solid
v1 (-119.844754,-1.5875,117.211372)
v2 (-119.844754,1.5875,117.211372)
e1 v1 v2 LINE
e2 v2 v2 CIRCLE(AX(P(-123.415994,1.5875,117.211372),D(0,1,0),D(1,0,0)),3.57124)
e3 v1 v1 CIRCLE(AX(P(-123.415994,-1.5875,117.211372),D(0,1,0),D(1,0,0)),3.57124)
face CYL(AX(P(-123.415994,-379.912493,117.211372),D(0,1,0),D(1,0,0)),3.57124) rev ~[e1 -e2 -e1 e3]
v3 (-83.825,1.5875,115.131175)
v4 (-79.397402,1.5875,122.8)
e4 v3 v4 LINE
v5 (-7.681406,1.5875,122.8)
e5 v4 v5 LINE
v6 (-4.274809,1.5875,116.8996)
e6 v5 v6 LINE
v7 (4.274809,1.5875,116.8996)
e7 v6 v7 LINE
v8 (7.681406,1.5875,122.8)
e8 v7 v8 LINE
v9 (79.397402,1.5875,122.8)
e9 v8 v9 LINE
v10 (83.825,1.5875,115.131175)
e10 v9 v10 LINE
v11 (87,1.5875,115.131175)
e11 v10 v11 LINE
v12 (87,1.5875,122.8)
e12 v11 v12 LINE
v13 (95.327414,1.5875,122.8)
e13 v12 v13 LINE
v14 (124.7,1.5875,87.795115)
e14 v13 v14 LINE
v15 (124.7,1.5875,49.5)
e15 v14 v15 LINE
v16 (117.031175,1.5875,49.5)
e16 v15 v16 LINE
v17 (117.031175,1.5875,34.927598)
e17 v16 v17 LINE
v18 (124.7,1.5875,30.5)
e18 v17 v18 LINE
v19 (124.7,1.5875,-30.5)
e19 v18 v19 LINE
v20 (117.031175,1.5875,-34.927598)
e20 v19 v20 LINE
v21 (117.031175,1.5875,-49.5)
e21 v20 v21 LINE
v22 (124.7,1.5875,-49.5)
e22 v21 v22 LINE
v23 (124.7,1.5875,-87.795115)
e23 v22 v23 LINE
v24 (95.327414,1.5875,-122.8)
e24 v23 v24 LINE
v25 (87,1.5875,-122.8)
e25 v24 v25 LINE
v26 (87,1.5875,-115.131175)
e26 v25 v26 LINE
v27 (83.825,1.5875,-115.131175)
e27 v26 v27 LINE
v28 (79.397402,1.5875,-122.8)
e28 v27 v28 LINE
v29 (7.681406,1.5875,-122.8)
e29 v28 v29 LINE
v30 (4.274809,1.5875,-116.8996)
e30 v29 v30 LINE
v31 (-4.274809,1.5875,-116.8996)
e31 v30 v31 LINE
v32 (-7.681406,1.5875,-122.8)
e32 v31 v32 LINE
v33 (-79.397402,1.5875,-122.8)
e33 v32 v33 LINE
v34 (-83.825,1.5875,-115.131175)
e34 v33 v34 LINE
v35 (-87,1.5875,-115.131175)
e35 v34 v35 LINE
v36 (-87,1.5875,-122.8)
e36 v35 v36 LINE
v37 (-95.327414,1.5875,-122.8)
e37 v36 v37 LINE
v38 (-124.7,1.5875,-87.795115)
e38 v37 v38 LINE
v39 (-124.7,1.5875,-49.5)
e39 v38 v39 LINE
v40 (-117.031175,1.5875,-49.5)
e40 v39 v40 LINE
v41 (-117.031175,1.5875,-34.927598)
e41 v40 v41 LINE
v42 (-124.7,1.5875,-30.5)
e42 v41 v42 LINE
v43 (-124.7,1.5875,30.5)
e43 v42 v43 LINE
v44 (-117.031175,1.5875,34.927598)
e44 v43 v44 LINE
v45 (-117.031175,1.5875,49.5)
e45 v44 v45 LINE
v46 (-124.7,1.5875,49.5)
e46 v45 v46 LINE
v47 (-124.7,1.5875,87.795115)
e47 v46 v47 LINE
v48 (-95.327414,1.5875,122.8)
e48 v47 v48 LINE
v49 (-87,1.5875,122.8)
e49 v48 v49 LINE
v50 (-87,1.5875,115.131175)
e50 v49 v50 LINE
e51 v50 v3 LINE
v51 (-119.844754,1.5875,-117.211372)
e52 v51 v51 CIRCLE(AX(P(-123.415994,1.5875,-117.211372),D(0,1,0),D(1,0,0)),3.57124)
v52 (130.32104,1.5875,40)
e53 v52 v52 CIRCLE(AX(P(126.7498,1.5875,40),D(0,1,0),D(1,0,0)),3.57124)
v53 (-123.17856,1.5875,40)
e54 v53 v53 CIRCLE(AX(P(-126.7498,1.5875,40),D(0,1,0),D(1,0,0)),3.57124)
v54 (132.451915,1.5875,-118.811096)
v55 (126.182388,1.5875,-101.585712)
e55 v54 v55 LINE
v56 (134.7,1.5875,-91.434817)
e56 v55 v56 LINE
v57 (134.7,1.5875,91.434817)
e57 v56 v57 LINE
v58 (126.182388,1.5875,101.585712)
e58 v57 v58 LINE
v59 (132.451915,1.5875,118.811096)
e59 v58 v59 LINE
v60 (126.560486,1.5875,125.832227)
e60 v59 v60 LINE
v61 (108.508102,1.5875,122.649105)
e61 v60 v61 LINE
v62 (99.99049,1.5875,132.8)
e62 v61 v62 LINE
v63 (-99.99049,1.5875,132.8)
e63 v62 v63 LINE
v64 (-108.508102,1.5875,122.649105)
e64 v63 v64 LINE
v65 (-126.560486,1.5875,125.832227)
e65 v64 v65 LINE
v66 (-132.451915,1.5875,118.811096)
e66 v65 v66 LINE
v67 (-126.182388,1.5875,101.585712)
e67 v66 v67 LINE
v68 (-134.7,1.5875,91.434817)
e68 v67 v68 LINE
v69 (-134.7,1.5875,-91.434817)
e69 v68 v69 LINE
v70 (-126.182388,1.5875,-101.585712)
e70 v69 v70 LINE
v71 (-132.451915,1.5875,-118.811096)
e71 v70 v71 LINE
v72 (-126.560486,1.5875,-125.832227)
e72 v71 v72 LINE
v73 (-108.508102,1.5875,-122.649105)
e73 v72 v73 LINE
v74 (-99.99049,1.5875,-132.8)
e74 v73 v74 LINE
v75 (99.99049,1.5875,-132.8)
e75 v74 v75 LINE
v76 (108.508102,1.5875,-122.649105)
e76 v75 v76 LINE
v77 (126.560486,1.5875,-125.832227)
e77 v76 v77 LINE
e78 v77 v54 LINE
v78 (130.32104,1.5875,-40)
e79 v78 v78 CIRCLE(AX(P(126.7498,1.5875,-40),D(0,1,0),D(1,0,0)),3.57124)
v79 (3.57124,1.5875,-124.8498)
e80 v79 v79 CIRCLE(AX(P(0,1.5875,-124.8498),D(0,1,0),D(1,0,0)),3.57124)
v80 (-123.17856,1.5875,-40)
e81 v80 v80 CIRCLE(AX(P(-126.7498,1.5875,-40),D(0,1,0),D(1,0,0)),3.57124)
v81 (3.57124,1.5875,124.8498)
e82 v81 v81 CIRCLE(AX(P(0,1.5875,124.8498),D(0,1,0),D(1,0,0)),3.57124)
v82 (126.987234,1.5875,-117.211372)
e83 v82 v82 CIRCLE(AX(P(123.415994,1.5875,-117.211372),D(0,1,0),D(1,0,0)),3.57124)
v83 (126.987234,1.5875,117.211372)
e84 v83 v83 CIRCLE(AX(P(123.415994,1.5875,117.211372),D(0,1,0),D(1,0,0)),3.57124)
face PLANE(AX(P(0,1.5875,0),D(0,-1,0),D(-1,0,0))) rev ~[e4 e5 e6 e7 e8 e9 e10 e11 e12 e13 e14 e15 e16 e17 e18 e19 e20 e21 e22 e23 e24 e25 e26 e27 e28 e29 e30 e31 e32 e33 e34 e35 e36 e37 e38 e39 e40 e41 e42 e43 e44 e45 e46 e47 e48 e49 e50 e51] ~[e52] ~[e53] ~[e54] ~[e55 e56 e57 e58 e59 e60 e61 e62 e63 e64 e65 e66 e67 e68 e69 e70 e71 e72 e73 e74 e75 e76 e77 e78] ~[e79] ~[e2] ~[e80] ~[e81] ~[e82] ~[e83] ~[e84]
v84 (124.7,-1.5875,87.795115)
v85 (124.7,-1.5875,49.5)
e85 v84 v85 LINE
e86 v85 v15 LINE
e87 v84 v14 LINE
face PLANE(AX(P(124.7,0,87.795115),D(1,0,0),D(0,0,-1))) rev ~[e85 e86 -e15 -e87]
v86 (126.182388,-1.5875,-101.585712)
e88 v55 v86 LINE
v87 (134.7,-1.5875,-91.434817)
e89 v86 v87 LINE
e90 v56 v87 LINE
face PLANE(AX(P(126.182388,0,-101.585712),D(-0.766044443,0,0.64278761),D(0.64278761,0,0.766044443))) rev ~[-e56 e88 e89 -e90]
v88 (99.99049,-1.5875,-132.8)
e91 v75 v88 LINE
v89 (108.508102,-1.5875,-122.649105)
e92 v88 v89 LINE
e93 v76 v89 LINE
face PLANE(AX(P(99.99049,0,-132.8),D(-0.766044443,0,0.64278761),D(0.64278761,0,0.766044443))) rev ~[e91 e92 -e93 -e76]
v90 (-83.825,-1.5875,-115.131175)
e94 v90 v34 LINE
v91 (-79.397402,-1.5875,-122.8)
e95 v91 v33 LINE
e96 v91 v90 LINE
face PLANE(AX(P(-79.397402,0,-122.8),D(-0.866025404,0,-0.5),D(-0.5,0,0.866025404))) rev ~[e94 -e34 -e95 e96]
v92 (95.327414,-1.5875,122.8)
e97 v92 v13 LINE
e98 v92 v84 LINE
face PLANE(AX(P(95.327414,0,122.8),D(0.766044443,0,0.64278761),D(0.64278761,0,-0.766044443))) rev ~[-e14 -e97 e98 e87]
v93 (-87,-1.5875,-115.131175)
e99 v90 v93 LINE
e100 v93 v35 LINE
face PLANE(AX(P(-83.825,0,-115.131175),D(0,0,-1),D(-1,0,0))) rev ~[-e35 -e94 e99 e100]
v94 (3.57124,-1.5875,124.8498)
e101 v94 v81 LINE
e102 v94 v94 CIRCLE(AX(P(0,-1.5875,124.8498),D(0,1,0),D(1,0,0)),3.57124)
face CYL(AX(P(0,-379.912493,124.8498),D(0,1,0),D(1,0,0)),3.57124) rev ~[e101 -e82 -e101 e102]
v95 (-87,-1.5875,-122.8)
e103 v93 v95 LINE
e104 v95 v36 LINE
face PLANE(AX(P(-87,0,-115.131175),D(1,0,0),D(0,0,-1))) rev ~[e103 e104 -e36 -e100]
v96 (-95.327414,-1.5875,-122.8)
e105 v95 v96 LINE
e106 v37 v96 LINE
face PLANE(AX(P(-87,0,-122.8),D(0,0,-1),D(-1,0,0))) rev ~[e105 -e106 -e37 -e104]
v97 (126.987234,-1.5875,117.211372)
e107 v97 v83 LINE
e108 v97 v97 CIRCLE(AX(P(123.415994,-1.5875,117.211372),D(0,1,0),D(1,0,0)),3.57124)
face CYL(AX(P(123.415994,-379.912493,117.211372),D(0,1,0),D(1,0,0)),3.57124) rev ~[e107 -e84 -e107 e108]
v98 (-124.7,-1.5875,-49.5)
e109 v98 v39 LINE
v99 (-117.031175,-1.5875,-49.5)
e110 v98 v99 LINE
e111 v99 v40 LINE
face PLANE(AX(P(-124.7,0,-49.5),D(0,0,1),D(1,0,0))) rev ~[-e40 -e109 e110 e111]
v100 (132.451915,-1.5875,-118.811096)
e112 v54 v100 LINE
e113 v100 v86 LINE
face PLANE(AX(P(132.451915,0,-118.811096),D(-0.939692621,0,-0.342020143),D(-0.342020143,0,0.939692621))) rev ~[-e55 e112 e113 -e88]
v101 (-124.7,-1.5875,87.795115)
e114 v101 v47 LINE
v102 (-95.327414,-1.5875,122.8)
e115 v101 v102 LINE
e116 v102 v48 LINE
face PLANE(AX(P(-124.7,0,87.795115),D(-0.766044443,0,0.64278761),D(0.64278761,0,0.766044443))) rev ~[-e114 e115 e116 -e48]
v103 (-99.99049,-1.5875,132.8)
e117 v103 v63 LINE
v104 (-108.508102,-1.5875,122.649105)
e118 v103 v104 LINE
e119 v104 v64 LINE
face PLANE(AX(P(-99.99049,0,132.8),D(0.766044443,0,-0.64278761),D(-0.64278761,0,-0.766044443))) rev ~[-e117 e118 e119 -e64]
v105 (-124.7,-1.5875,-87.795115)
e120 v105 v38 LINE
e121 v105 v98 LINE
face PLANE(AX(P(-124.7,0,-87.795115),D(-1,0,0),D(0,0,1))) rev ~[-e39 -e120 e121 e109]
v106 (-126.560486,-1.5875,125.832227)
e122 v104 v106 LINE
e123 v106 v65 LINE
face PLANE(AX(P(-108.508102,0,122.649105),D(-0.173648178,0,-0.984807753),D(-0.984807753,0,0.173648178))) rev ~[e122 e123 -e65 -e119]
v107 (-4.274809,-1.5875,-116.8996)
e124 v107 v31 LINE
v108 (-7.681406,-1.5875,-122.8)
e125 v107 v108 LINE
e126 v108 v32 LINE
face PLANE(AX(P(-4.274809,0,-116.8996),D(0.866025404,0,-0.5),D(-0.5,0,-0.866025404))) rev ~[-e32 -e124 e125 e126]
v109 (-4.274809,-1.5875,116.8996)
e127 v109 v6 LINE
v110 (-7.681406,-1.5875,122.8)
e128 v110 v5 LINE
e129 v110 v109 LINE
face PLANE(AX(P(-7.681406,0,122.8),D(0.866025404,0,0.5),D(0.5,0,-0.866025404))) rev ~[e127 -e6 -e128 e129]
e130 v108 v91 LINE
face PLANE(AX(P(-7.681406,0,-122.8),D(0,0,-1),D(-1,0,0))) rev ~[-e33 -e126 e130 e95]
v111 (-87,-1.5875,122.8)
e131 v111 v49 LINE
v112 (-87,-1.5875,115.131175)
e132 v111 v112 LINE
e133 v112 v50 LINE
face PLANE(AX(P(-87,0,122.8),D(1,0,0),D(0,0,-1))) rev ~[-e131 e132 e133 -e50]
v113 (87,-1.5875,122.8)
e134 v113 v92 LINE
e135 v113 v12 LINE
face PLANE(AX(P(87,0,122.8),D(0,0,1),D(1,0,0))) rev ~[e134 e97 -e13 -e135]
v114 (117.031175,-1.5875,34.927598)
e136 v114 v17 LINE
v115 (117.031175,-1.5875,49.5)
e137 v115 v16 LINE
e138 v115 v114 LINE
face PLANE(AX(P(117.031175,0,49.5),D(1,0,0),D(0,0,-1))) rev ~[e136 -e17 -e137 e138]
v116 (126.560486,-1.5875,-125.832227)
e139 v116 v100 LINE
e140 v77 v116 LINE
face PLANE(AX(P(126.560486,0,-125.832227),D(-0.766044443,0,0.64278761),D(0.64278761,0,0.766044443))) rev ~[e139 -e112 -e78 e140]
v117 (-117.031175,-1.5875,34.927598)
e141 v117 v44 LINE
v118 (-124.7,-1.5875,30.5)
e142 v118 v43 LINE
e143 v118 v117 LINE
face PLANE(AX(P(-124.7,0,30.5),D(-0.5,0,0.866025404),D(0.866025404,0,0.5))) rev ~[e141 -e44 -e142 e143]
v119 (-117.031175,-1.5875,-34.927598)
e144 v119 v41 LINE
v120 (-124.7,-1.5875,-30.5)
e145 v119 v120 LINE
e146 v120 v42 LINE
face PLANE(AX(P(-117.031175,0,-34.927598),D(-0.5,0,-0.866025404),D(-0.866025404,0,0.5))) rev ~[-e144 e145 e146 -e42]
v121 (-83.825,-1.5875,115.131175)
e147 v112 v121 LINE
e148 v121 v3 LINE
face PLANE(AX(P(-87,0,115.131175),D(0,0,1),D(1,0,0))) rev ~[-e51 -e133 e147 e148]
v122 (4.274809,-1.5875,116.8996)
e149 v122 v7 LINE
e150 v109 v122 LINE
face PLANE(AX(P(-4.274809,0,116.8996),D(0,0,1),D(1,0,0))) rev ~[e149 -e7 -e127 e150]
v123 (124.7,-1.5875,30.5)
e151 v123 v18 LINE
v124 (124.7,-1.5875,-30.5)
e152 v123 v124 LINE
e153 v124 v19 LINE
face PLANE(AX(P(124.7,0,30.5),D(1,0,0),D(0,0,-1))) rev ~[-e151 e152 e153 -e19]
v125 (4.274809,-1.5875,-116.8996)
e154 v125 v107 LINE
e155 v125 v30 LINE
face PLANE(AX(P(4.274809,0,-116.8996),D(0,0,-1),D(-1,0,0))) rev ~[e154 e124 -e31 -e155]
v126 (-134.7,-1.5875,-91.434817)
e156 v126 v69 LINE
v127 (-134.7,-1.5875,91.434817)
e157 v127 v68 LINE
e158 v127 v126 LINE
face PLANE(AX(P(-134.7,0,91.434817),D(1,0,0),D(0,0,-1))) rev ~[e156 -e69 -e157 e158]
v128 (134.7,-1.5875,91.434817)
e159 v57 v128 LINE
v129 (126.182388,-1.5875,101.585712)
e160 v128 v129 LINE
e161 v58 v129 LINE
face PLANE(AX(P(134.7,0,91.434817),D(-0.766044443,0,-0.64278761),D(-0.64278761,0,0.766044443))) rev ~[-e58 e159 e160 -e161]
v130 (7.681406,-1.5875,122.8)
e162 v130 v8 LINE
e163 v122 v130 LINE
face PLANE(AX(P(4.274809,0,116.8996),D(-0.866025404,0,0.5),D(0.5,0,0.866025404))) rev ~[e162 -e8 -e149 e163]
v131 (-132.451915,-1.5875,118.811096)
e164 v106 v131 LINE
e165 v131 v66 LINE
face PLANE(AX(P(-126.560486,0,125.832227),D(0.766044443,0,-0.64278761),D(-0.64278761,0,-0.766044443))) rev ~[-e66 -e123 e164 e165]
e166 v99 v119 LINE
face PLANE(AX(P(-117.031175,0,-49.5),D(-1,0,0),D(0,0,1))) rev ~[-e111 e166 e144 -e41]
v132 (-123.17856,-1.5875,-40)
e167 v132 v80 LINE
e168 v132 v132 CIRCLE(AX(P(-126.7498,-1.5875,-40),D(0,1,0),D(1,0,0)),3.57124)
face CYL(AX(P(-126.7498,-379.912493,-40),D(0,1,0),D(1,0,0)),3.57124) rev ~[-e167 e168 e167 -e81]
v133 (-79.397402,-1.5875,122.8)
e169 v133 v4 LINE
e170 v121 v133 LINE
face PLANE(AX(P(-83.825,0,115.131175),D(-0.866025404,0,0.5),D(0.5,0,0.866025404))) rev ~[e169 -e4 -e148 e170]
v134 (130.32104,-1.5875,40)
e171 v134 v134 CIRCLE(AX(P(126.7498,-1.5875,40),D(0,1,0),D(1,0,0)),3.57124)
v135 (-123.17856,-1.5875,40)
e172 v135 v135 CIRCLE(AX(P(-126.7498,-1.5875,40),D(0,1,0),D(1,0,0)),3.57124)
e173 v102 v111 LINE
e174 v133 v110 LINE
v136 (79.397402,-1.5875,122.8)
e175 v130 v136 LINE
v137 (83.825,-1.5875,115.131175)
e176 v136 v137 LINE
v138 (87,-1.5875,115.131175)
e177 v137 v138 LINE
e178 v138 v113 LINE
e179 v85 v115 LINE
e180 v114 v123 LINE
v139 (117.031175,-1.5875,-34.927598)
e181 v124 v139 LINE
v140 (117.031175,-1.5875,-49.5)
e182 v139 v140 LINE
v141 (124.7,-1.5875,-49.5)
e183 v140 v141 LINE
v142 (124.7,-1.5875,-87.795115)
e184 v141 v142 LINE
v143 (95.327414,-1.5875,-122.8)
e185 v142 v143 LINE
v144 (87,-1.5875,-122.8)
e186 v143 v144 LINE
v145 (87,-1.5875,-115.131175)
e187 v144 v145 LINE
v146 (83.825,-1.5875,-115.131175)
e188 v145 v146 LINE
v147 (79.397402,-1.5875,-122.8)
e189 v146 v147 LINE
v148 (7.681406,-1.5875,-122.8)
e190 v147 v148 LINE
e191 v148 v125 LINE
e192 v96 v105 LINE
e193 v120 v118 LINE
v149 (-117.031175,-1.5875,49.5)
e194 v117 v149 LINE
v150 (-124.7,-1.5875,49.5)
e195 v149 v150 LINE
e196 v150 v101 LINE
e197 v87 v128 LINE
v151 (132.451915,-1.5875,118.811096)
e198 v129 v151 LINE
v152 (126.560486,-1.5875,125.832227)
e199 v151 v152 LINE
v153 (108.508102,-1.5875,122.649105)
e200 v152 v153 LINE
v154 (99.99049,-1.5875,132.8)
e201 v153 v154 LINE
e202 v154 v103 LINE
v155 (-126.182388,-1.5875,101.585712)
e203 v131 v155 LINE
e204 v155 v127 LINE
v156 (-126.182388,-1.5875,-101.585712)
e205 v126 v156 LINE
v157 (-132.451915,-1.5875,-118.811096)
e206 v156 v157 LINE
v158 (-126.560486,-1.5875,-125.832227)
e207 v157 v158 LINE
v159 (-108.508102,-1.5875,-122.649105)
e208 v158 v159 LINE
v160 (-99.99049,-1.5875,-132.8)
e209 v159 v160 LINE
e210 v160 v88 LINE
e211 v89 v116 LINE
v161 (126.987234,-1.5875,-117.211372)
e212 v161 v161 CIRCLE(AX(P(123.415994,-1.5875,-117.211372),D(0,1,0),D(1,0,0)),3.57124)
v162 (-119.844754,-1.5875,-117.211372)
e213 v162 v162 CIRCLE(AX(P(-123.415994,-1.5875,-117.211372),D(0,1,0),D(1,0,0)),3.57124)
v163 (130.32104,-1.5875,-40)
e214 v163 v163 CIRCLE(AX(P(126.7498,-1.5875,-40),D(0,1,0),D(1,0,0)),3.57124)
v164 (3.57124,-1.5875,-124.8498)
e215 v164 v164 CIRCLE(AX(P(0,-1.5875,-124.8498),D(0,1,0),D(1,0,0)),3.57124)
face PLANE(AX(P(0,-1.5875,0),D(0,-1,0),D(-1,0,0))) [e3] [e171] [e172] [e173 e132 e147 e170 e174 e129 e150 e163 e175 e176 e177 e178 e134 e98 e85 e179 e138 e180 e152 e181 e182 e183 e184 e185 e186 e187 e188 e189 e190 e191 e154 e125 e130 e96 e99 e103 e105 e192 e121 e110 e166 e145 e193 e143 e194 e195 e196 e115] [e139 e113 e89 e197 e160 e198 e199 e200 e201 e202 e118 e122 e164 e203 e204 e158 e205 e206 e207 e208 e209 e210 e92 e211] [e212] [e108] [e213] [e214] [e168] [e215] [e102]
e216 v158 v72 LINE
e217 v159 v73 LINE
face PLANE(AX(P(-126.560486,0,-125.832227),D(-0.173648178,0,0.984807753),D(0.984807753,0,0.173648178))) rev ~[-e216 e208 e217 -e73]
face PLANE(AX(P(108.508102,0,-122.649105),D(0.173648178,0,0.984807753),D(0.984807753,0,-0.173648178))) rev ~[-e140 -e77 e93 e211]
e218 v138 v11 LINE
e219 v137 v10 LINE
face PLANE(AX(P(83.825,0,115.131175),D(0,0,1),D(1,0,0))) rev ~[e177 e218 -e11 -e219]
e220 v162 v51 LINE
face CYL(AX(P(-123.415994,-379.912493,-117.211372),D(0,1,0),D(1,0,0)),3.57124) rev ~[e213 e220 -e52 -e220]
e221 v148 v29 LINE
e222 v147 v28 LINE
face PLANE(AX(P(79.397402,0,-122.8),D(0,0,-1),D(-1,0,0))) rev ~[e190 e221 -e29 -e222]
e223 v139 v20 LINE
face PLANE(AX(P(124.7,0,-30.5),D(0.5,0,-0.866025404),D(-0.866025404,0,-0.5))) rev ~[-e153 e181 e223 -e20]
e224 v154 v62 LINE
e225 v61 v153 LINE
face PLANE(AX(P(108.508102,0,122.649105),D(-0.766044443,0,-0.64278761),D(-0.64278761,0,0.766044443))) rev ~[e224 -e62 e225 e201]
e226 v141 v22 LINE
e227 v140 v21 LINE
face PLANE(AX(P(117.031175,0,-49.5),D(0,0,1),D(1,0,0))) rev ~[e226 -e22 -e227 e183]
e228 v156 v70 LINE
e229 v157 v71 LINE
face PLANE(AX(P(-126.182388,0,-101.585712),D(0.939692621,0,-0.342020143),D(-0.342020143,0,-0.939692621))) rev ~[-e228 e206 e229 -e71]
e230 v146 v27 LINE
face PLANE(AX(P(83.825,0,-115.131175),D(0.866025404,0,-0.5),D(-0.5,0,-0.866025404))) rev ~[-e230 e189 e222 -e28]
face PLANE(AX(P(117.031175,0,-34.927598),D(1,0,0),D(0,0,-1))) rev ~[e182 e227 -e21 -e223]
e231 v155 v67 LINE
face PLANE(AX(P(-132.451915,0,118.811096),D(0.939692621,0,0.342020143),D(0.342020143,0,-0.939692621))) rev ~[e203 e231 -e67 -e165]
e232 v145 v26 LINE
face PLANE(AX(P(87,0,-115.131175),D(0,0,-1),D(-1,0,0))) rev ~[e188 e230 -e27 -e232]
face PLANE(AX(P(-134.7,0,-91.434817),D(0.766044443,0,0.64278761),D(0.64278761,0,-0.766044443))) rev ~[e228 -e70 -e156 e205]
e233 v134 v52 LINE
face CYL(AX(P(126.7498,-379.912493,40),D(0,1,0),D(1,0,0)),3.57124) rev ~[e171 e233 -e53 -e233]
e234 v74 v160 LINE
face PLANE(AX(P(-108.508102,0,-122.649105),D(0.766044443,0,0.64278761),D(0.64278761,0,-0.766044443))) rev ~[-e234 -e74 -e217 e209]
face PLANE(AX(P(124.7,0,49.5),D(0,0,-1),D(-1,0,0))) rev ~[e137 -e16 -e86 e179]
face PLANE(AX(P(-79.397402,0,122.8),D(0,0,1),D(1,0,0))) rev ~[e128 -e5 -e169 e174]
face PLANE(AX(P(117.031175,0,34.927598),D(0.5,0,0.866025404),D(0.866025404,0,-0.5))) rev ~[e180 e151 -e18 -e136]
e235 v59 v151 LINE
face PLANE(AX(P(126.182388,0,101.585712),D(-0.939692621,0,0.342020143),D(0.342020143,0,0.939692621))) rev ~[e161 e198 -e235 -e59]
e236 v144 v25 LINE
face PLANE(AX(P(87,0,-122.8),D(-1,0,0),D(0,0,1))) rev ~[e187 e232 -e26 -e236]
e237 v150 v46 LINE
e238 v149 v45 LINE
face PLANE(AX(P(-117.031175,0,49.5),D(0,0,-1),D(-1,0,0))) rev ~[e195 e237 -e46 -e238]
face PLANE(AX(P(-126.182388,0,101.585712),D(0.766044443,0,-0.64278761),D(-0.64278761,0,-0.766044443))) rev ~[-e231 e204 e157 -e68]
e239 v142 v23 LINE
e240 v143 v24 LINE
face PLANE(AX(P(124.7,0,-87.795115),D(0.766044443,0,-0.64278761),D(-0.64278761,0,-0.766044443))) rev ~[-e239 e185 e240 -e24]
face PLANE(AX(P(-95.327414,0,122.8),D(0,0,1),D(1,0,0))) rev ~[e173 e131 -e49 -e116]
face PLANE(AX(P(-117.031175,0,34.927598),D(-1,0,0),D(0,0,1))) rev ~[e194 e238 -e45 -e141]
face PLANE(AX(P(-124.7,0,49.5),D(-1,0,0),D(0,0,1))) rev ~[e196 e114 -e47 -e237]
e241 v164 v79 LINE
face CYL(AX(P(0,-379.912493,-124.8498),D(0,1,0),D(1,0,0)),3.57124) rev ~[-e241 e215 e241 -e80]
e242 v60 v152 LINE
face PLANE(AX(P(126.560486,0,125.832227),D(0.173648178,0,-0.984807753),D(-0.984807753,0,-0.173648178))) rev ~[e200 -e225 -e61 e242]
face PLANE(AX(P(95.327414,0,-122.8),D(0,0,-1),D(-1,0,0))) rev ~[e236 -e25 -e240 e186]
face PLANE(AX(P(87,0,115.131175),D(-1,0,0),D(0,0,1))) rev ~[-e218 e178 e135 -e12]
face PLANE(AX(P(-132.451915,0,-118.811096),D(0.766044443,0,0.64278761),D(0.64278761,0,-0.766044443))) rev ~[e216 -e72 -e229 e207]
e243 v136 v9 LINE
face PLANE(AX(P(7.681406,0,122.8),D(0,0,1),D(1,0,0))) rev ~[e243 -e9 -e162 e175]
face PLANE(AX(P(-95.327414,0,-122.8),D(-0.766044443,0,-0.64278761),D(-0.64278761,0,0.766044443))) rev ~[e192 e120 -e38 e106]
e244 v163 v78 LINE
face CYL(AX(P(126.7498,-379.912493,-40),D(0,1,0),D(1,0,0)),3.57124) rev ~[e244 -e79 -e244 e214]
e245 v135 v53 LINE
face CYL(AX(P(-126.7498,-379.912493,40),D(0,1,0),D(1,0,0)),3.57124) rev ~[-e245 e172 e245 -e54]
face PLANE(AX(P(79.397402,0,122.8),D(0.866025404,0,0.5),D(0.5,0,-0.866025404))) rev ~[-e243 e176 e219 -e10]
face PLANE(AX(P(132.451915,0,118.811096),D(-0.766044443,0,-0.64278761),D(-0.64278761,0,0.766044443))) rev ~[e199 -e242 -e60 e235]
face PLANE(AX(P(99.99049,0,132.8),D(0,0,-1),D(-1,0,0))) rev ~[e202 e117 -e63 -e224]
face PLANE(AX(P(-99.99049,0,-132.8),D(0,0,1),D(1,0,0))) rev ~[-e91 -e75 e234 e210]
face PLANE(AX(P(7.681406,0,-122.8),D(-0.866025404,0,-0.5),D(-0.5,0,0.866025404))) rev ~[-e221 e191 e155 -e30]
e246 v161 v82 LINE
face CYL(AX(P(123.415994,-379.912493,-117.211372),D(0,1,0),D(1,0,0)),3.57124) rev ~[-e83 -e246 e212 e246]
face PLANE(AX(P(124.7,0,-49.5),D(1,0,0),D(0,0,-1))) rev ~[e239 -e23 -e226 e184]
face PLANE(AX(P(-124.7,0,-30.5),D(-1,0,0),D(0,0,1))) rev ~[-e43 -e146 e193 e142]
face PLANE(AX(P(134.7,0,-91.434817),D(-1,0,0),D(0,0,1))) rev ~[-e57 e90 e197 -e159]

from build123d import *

# Parameters (mm, degrees)
BOSS_EXTRUDE1_DEPTH     = 1.5875
F_1_4_CLEARANCE_HOLE1_D = 7.14248


with BuildPart() as part:
    # Sketch1 → Boss-Extrude1 (new, symmetric)
    with BuildSketch(Plane(origin=(0, 0, 0), x_dir=(1, 0, 0), z_dir=(0, 1, 0))):
        Polygon((-108.508102479, 122.649104887), (-99.990490133, 132.8), (99.990490133, 132.8), (108.508102479, 122.649104887), (126.560486405, 125.832227239), (132.451914797, 118.811096288), (126.182387654, 101.585712032), (134.7, 91.434816919), (134.7, -91.434816919), (126.182387654, -101.585712032), (132.451914797, -118.811096288), (126.560486405, -125.832227239), (108.508102479, -122.649104887), (99.990490133, -132.8), (-99.990490133, -132.8), (-108.508102479, -122.649104887), (-126.560486405, -125.832227239), (-132.451914797, -118.811096288), (-126.182387654, -101.585712032), (-134.7, -91.434816919), (-134.7, 91.434816919), (-126.182387654, 101.585712032), (-132.451914797, 118.811096288), (-126.560486405, 125.832227239), align=None)
        Polygon((-95.327413552, 122.8), (-124.7, 87.795114576), (-124.7, 49.5), (-117.031174581, 49.5), (-117.031174581, 34.92759842), (-124.7, 30.5), (-124.7, -30.5), (-117.031174581, -34.92759842), (-117.031174581, -49.5), (-124.7, -49.5), (-124.7, -87.795114576), (-95.327413552, -122.8), (-87, -122.8), (-87, -115.131174581), (-83.825, -115.131174581), (-79.39740158, -122.8), (-7.681406121, -122.8), (-4.274808593, -116.8996), (4.274808593, -116.8996), (7.681406121, -122.8), (79.39740158, -122.8), (83.825, -115.131174581), (87, -115.131174581), (87, -122.8), (95.327413552, -122.8), (124.7, -87.795114576), (124.7, -49.5), (117.031174581, -49.5), (117.031174581, -34.92759842), (124.7, -30.5), (124.7, 30.5), (117.031174581, 34.92759842), (117.031174581, 49.5), (124.7, 49.5), (124.7, 87.795114576), (95.327413552, 122.8), (87, 122.8), (87, 115.131174581), (83.825, 115.131174581), (79.39740158, 122.8), (7.681406121, 122.8), (4.274808593, 116.8996), (-4.274808593, 116.8996), (-7.681406121, 122.8), (-79.39740158, 122.8), (-83.825, 115.131174581), (-87, 115.131174581), (-87, 122.8), align=None, mode=Mode.SUBTRACT)
    extrude(amount=BOSS_EXTRUDE1_DEPTH, both=True)

    # 1/4 Clearance Hole1 (through all)
    with Locations(Plane(origin=(0, -1.5875, 0), x_dir=(-1, 0, 0), z_dir=(0, -1, 0))):
        with Locations((-123.415994069, 117.211371709), (-126.7498, 40), (0, 124.8498), (123.415994069, 117.211371709), (126.7498, 40), (126.7498, -40), (123.415994069, -117.211371709), (0, -124.8498), (-123.415994069, -117.211371709), (-126.7498, -40)):
            Hole(F_1_4_CLEARANCE_HOLE1_D / 2)


solid = part.part
